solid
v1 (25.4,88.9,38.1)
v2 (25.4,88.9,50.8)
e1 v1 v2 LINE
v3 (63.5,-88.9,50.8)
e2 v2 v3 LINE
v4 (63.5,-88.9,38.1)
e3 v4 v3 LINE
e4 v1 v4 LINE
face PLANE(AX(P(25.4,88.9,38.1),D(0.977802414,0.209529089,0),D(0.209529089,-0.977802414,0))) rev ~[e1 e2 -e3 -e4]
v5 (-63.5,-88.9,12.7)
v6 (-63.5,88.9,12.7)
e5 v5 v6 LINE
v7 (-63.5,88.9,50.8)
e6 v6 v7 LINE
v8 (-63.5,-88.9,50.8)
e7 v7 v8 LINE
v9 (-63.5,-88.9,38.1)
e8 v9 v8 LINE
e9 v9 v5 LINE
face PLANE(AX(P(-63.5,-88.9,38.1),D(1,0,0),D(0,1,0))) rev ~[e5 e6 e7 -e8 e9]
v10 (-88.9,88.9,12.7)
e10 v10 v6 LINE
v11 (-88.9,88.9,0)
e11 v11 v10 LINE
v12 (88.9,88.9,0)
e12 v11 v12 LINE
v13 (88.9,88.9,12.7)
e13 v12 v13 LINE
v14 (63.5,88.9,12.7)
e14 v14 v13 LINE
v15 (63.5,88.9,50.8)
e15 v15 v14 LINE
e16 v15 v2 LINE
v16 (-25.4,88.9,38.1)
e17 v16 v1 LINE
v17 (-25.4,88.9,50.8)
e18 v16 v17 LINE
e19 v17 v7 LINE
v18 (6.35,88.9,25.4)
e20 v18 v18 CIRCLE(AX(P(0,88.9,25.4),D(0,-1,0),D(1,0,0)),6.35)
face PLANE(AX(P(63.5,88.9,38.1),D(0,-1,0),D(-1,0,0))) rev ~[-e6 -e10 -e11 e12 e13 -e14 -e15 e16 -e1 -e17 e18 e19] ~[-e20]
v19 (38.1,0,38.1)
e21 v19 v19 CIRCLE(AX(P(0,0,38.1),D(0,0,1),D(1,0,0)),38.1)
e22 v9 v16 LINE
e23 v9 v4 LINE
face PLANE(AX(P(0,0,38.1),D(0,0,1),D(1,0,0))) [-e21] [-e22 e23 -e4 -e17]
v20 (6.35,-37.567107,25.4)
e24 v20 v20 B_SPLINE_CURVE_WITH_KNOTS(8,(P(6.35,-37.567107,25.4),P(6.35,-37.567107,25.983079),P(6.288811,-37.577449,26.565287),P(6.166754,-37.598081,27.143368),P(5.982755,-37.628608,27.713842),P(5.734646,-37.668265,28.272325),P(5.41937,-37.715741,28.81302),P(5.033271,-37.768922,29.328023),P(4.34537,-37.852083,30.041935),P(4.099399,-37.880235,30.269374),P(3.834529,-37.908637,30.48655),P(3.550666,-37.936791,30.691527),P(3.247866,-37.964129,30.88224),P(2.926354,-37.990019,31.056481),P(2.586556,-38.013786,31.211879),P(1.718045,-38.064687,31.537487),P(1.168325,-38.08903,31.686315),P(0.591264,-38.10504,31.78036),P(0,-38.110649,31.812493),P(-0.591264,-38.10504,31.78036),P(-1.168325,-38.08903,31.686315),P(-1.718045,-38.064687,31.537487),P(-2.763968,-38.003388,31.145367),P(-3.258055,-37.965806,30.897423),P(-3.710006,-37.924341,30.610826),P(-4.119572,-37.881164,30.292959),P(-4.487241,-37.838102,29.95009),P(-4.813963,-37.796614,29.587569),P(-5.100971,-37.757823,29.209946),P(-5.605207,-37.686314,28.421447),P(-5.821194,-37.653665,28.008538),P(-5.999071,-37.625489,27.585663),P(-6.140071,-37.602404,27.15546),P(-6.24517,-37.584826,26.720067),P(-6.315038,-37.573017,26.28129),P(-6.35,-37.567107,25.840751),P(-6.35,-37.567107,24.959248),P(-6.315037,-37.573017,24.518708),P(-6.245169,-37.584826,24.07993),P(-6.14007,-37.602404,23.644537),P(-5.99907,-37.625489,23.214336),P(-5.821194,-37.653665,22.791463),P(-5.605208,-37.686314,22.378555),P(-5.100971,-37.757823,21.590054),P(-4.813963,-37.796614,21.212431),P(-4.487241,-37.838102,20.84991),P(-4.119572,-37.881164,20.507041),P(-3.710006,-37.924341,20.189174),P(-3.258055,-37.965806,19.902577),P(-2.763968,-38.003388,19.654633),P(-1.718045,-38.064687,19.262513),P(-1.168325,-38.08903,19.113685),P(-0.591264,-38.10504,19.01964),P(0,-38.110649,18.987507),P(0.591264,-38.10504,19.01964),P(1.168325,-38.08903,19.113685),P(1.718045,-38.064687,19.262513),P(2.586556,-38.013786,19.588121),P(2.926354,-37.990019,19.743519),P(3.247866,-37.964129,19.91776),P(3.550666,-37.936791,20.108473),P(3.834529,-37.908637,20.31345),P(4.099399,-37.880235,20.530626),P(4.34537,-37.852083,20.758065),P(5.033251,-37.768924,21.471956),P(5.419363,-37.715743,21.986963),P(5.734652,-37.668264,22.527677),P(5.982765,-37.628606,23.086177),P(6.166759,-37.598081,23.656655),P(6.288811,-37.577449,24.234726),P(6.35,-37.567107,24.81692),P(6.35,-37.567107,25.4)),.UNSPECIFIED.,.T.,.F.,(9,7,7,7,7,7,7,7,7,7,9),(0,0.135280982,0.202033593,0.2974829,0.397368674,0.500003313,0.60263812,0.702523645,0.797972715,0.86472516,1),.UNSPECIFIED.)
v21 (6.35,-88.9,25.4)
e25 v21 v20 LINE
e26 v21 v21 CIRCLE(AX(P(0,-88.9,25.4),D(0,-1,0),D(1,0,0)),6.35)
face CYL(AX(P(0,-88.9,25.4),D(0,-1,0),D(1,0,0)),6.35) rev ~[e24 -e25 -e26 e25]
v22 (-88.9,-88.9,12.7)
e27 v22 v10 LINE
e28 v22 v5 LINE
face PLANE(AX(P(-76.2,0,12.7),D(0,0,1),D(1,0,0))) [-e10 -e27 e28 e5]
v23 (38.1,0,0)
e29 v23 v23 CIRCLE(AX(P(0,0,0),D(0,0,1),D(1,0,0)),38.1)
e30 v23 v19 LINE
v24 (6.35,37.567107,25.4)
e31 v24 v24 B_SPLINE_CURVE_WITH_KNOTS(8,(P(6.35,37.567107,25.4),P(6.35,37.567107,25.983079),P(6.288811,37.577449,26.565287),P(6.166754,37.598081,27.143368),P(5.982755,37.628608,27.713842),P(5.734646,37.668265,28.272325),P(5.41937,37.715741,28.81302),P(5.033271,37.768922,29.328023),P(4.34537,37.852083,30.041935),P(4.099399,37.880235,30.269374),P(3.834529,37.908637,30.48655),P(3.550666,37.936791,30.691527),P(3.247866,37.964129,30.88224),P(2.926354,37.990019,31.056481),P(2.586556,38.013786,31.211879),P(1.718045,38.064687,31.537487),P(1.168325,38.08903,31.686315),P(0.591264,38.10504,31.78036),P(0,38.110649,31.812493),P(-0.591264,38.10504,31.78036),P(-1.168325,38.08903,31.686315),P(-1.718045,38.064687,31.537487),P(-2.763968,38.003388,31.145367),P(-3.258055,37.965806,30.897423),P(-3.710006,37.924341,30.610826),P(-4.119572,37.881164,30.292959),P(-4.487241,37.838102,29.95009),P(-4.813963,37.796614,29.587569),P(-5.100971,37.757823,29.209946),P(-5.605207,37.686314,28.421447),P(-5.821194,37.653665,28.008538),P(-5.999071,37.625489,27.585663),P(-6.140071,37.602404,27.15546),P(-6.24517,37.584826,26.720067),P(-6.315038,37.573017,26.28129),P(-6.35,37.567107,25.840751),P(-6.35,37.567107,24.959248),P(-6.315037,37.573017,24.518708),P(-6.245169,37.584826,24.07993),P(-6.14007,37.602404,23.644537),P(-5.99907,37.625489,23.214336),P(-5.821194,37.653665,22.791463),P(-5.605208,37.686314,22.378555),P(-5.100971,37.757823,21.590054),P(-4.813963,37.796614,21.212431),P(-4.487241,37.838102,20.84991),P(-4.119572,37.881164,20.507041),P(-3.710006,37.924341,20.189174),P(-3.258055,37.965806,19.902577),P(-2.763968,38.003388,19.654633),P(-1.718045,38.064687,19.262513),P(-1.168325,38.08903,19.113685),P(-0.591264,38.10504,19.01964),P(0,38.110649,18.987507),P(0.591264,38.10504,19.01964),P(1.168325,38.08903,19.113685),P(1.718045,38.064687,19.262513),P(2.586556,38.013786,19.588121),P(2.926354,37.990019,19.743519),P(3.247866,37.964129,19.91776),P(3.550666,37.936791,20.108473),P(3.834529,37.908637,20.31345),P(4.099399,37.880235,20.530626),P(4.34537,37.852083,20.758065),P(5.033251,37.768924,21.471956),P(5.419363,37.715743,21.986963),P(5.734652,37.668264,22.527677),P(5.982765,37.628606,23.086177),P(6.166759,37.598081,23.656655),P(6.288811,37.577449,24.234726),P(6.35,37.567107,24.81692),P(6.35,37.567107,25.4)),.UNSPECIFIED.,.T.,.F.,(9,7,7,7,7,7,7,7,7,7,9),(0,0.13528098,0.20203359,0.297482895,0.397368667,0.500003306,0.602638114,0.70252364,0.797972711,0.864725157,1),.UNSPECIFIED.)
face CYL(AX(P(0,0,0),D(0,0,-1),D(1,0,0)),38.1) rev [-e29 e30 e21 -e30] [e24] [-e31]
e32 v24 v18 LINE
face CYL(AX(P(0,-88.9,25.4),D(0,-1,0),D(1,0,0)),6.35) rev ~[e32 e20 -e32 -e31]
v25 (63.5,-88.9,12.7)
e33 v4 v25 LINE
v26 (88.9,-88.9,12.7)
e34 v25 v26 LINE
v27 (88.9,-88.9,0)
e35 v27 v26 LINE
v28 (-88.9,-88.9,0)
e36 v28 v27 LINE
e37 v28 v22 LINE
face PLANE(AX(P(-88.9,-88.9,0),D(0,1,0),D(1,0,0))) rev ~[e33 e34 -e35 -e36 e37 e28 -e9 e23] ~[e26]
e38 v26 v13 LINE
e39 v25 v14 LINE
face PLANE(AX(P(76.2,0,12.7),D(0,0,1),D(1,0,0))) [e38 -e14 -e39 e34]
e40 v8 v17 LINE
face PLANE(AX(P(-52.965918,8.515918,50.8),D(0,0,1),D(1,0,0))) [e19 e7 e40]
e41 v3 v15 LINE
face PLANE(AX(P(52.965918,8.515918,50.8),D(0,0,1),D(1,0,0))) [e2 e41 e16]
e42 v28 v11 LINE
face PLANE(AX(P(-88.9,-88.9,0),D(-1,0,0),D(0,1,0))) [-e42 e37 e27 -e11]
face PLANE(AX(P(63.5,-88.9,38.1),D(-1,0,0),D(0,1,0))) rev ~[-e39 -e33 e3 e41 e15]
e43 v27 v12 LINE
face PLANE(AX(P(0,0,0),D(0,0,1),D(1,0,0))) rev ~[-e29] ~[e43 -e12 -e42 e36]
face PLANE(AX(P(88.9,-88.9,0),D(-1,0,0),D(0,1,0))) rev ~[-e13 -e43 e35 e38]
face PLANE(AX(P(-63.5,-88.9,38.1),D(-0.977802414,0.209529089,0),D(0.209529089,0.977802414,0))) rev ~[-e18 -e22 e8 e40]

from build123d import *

# Parameters (mm, degrees)
F0_W     = 177.8
F0_H     = 177.8
F0_R     = 38.1
F1_DEPTH = 38.1
F2_W     = 25.4
F2_H     = 177.8
F3_DEPTH = 25.4
F4_R     = 6.35
F5_DEPTH = 177.801
F7_DEPTH = 12.7


with BuildPart() as f1:
    # F0 (on Top) → F1 (new body)
    with BuildSketch(Plane.XY):
        Rectangle(F0_W, F0_H)
        Circle(F0_R, mode=Mode.SUBTRACT)
    extrude(amount=F1_DEPTH)

    # F2 (on face) → F3 (cut)
    with BuildSketch(Plane.XY.offset(38.1)):
        with Locations((-76.2, 0)):
            Rectangle(F2_W, F2_H)
        with Locations((76.2, 0)):
            Rectangle(F2_W, F2_H)
    extrude(amount=-F3_DEPTH, mode=Mode.SUBTRACT)

    # F4 (on face) → F5 (cut, through all)
    with BuildSketch(Plane.XZ.offset(88.9)):
        with Locations((0, 25.4)):
            Circle(F4_R)
    extrude(amount=-F5_DEPTH, mode=Mode.SUBTRACT)

    # F6 (on face) → F7 (join)
    with BuildSketch(Plane.XY.offset(38.1)):
        Polygon((63.5, 88.9), (25.4, 88.9), (63.5, -88.9), align=None)
        Polygon((-63.5, -88.9), (-25.4, 88.9), (-63.5, 88.9), align=None)
    extrude(amount=F7_DEPTH)


solid = f1.part
